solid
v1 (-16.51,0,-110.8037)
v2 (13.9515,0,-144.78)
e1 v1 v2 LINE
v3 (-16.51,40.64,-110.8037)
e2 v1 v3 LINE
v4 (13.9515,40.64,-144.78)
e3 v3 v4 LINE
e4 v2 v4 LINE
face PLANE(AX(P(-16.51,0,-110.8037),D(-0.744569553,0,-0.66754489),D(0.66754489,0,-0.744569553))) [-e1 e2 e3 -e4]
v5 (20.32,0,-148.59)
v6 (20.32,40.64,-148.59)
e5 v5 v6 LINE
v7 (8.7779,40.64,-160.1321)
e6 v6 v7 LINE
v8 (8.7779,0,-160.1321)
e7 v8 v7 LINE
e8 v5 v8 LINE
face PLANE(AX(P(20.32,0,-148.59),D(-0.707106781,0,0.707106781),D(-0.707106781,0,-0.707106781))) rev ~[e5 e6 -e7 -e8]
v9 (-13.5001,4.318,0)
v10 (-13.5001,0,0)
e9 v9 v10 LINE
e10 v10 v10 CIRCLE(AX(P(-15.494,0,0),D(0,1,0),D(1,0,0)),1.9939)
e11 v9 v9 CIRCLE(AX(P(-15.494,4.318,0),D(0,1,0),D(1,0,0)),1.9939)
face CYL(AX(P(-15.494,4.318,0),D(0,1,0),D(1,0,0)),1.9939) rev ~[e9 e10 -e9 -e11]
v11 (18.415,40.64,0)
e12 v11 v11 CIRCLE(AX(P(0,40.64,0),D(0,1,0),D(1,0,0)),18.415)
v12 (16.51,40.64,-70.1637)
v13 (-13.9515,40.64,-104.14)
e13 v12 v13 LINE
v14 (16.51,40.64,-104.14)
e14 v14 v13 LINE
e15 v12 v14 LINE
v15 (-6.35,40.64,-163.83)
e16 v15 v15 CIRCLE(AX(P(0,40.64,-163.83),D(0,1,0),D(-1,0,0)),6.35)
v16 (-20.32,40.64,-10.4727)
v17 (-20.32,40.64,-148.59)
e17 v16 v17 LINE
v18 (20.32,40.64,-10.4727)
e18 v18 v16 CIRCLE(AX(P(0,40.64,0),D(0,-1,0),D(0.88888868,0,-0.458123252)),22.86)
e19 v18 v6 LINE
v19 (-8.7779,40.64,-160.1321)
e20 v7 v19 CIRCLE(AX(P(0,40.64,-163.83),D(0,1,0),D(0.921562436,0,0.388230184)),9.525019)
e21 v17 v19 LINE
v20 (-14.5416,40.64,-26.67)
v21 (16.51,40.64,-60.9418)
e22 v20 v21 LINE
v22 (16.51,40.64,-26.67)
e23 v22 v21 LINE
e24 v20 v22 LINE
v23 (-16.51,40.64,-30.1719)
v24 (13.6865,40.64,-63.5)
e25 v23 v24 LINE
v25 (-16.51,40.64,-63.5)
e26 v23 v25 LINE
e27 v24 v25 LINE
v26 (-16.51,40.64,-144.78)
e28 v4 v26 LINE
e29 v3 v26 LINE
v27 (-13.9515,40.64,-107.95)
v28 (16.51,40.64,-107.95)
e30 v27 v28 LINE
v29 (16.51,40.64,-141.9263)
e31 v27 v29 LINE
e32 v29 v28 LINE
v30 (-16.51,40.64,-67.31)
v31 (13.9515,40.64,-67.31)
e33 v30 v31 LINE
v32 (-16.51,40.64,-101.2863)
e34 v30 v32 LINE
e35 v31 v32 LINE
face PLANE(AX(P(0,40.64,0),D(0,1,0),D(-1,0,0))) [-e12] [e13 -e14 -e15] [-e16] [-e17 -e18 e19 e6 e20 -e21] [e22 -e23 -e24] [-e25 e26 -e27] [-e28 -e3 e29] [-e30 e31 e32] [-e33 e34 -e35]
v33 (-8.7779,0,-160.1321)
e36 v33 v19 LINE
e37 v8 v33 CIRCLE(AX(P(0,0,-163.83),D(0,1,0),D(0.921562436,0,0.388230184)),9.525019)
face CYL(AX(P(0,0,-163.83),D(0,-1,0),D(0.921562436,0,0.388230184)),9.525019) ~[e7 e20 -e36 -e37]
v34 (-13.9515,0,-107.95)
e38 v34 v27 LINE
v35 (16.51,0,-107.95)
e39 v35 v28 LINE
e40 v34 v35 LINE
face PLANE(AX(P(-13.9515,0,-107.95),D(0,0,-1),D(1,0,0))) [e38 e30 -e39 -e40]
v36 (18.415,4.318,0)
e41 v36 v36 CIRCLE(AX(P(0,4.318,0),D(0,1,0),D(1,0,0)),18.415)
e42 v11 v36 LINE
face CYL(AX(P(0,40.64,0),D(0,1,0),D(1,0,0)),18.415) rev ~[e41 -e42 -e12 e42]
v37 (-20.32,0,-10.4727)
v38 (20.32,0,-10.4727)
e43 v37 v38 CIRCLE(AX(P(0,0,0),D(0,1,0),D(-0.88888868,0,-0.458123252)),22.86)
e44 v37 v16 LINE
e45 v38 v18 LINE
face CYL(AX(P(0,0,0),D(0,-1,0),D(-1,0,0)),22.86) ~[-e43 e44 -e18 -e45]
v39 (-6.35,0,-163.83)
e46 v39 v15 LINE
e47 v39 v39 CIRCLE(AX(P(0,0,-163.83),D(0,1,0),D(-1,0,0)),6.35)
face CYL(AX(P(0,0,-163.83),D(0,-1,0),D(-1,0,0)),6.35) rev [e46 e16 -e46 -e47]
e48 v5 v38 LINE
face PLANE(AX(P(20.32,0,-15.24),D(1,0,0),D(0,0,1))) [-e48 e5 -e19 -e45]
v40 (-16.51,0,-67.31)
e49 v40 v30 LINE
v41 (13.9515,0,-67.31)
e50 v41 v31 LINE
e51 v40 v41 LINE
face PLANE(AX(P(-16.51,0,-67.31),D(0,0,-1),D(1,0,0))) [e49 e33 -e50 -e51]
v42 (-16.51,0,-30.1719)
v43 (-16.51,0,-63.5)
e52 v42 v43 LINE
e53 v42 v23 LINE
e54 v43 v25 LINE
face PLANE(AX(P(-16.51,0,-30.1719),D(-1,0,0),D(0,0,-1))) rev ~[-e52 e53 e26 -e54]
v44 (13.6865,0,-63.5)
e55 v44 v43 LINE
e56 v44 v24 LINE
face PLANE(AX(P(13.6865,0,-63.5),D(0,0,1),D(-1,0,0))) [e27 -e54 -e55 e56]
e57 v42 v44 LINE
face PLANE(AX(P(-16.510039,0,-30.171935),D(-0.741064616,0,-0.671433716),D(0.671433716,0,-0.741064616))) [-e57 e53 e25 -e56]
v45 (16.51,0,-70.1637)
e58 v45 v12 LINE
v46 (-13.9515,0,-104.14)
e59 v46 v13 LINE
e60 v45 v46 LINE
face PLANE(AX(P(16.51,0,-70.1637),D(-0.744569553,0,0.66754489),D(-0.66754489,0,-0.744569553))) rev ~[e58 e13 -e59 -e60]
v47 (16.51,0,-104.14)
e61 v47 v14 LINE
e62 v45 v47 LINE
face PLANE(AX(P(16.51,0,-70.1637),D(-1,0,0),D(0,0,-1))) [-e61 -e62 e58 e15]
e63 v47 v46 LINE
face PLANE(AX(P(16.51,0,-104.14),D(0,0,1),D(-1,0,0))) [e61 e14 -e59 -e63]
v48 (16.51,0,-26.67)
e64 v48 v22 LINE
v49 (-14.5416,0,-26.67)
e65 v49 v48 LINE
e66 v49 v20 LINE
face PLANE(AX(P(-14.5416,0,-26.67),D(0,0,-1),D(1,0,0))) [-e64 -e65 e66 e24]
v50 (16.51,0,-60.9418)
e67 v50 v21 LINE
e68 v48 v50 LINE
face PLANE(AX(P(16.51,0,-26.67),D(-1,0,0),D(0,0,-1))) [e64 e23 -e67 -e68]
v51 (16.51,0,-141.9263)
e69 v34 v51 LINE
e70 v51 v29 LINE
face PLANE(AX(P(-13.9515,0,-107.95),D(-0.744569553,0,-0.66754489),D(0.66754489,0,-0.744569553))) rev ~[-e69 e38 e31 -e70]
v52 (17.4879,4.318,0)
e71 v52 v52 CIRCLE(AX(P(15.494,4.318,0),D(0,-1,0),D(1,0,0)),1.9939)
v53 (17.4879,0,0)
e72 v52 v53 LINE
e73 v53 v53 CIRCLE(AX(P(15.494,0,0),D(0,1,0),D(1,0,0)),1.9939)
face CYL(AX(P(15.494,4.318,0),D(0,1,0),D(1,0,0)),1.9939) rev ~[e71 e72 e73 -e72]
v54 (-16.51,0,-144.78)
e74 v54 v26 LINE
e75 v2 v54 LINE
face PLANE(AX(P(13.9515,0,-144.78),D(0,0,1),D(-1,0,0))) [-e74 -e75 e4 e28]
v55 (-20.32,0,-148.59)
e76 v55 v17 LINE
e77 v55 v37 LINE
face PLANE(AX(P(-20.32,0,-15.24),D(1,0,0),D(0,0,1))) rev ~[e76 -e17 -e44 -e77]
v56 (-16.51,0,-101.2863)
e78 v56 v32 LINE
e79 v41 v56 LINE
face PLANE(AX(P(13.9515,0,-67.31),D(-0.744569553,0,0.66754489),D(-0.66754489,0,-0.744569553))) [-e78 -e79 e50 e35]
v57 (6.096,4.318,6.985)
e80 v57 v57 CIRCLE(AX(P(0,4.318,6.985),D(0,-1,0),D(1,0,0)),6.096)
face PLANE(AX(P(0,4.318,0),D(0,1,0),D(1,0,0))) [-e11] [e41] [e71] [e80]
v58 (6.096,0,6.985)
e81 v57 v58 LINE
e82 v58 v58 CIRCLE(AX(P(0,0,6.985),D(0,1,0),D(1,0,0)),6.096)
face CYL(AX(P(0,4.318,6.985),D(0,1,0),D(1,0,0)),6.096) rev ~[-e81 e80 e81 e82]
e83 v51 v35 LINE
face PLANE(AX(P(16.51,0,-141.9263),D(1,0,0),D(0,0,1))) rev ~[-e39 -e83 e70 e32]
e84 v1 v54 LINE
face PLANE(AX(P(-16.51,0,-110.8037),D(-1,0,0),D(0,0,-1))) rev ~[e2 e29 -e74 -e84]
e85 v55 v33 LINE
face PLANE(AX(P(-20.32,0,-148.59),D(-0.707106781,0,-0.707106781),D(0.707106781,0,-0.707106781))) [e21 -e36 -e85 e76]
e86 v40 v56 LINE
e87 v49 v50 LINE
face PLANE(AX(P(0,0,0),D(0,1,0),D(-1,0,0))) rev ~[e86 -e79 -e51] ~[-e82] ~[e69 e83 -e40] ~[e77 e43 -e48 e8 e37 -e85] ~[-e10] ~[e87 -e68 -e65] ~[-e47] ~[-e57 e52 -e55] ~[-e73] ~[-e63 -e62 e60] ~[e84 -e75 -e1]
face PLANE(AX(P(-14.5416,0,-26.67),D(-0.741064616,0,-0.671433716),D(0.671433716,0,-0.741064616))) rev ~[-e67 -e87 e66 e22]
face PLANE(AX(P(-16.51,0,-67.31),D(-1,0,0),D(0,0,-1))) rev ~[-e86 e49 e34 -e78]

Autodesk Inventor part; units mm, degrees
ref_plane "YZ Plane" through (0, 0, 0) normal (1, 0, 0) x (0, 1, 0)
ref_plane "XZ Plane" through (0, 0, 0) normal (0, 1, 0) x (-1, 0, 0)
ref_plane "XY Plane" through (0, 0, 0) normal (0, 0, 1) x (1, 0, 0)
sketch "Sketch1" plane through (0, 0, 0) normal (0, 1, 0) x (-1, 0, 0)
  circle A0 centre (0, 0) radius 22.86
  line L0 (14.5416, -26.67) -> (-16.51, -26.67)
  line L1 (-20.32, -15.24) -> (-20.32, -55.88)
  line L2 (-13.6865, -63.5) -> (16.51, -63.5)
  line L3 (20.32, -55.88) -> (20.32, -15.24)
  line L4 (16.51, -67.31) -> (-16.51, -67.31)
  line L5 (-20.32, -59.69) -> (-20.32, -100.33)
  line L6 (-16.51, -104.14) -> (13.9515, -104.14)
  line L7 (20.32, -100.33) -> (20.32, -59.69)
  line L8 (13.9515, -107.95) -> (-16.51, -107.95)
  line L9 (-20.32, -104.14) -> (-20.32, -144.78)
  line L10 (20.32, -144.78) -> (20.32, -104.14)
  line L11 (20.32, -15.24) -> (20.32, -10.4727)
  circle A1 centre (0, -163.83) radius 6.35
  line L12 (-20.32, -15.24) -> (-20.32, -10.4727)
  line L13 (20.32, -55.88) -> (20.32, -59.69)
  line L14 (20.32, -100.33) -> (20.32, -104.14)
  line L15 (-20.32, -55.88) -> (-20.32, -59.69)
  line L16 (-20.32, -100.33) -> (-20.32, -104.14)
  line L17 (20.32, -144.78) -> (20.32, -148.59)
  line L18 (-20.32, -144.78) -> (-20.32, -148.59)
  line L19 (20.32, -148.59) -> (8.7779, -160.1321)
  line L20 (-20.32, -148.59) -> (-8.7779, -160.1321)
  line L21 (16.51, -30.1719) -> (16.51, -63.5)
  line L22 (-16.51, -26.67) -> (-16.51, -60.9418)
  line L23 (16.51, -67.31) -> (16.51, -101.2863)
  line L24 (-16.51, -67.31) -> (-16.51, -104.14)
  line L25 (16.51, -110.8037) -> (16.51, -144.78)
  line L26 (-16.51, -141.9263) -> (-16.51, -107.95)
  arc A2 (-8.7779, -160.1321) -> (8.7779, -160.1321) centre (0, -163.83) ccw
  line L27 (14.5416, -26.67) -> (-16.51, -60.9418)
  line L28 (16.9388, -26.8614) -> (16.51, -27.3347)
  line L29 (17.3651, -29.2282) -> (-13.6865, -63.5)
  line L30 (-13.9515, -67.31) -> (16.51, -101.2863)
  line L31 (-16.51, -70.1637) -> (13.9515, -104.14)
  line L32 (13.9515, -107.95) -> (-16.51, -141.9263)
  line L33 (16.51, -110.8037) -> (-13.9515, -144.78)
  line L34 (-19.0685, -144.78) -> (-16.51, -144.78)
  line L35 (-13.9515, -144.78) -> (16.51, -144.78)
  dimension "d0" = 45.72
  dimension "d2" = 26.67
  dimension "d3" = 36.83
  dimension "d5" = 20.32
  dimension "d6" = 3.81
  dimension "d7" = 40.64
  dimension "d8" = 3.81
  dimension "d10" = 12.7
  dimension "d11" = 3.81
  dimension "d12" = 3.81
  dimension "d13" = 135
  dimension "d14" = 3.81
  dimension "d15" = 3.81
  dimension "d16" = 3.81
  dimension "d17" = 36.83
  dimension "d19" = 94.2927
  dimension "d20" = 62.8618
  dimension "d21" = 123.0295
  dimension "d22" = 94.2927
  dimension "d23" = 91.5986
  dimension "d24" = 62.8618
  dimension "d25" = 3.81
  dimension "d26" = 36.83
  dimension "d27" = 65.5559
  dimension "d28" = 60.1677
  dimension "d29" = 19.05
  dimension "d32" = 1.905
  dimension "d37" = 42.178
  dimension "d38" = 138.122
  dimension "d39" = 138.122
  dimension "d40" = 118.11
  dimension "d41" = 36.83
  dimension "d42" = 0
  dimension "d43" = 3.81
  dimension "d44" = 3.81
  dimension "d45" = 86.2593
  dimension "d46" = 55.3203
  dimension "d47" = 3.3812
  dimension "d48" = 11.5421
  dimension "d49" = 36.83
  dimension "d50" = 119.4374
  dimension "d51" = 119.4374
  dimension "d52" = 20.32
extrude "Extrusion1" add sketch "Sketch1" along normal blind 40.64
sketch "Sketch2" plane through (0, 40.64, 0) normal (0, 1, 0) x (1, 0, 0)
  circle A0 centre (0, 0) radius 18.415
  dimension "d55" = 36.83
extrude "Extrusion2" cut sketch "Sketch2" against normal blind 36.322
sketch "Sketch3" plane through (0, 4.318, 0) normal (0, 1, 0) x (1, 0, 0)
  circle A0 centre (0, -6.985) radius 6.096
  line L0 (0, 0) -> (0, -18.9723)
  arc A1 (-20.32, 10.4727) -> (20.32, 10.4727) centre (0, 0) ccw projected
  line L1 (-15.494, 0) -> (15.494, 0)
  circle A2 centre (-15.494, 0) radius 1.9939
  circle A3 centre (15.494, 0) radius 1.9939
  point P0 (0, -22.86)
  dimension "d58" = 6.985
  dimension "d59" = 12.192
  dimension "d61" = 3.9878
  dimension "d62" = 30.988
  dimension "d63" = 15.494
  dimension "d65" = 18.9722
extrude "Extrusion3" cut sketch "Sketch3" against normal blind 36.322
properties part number "leg 2.0"
